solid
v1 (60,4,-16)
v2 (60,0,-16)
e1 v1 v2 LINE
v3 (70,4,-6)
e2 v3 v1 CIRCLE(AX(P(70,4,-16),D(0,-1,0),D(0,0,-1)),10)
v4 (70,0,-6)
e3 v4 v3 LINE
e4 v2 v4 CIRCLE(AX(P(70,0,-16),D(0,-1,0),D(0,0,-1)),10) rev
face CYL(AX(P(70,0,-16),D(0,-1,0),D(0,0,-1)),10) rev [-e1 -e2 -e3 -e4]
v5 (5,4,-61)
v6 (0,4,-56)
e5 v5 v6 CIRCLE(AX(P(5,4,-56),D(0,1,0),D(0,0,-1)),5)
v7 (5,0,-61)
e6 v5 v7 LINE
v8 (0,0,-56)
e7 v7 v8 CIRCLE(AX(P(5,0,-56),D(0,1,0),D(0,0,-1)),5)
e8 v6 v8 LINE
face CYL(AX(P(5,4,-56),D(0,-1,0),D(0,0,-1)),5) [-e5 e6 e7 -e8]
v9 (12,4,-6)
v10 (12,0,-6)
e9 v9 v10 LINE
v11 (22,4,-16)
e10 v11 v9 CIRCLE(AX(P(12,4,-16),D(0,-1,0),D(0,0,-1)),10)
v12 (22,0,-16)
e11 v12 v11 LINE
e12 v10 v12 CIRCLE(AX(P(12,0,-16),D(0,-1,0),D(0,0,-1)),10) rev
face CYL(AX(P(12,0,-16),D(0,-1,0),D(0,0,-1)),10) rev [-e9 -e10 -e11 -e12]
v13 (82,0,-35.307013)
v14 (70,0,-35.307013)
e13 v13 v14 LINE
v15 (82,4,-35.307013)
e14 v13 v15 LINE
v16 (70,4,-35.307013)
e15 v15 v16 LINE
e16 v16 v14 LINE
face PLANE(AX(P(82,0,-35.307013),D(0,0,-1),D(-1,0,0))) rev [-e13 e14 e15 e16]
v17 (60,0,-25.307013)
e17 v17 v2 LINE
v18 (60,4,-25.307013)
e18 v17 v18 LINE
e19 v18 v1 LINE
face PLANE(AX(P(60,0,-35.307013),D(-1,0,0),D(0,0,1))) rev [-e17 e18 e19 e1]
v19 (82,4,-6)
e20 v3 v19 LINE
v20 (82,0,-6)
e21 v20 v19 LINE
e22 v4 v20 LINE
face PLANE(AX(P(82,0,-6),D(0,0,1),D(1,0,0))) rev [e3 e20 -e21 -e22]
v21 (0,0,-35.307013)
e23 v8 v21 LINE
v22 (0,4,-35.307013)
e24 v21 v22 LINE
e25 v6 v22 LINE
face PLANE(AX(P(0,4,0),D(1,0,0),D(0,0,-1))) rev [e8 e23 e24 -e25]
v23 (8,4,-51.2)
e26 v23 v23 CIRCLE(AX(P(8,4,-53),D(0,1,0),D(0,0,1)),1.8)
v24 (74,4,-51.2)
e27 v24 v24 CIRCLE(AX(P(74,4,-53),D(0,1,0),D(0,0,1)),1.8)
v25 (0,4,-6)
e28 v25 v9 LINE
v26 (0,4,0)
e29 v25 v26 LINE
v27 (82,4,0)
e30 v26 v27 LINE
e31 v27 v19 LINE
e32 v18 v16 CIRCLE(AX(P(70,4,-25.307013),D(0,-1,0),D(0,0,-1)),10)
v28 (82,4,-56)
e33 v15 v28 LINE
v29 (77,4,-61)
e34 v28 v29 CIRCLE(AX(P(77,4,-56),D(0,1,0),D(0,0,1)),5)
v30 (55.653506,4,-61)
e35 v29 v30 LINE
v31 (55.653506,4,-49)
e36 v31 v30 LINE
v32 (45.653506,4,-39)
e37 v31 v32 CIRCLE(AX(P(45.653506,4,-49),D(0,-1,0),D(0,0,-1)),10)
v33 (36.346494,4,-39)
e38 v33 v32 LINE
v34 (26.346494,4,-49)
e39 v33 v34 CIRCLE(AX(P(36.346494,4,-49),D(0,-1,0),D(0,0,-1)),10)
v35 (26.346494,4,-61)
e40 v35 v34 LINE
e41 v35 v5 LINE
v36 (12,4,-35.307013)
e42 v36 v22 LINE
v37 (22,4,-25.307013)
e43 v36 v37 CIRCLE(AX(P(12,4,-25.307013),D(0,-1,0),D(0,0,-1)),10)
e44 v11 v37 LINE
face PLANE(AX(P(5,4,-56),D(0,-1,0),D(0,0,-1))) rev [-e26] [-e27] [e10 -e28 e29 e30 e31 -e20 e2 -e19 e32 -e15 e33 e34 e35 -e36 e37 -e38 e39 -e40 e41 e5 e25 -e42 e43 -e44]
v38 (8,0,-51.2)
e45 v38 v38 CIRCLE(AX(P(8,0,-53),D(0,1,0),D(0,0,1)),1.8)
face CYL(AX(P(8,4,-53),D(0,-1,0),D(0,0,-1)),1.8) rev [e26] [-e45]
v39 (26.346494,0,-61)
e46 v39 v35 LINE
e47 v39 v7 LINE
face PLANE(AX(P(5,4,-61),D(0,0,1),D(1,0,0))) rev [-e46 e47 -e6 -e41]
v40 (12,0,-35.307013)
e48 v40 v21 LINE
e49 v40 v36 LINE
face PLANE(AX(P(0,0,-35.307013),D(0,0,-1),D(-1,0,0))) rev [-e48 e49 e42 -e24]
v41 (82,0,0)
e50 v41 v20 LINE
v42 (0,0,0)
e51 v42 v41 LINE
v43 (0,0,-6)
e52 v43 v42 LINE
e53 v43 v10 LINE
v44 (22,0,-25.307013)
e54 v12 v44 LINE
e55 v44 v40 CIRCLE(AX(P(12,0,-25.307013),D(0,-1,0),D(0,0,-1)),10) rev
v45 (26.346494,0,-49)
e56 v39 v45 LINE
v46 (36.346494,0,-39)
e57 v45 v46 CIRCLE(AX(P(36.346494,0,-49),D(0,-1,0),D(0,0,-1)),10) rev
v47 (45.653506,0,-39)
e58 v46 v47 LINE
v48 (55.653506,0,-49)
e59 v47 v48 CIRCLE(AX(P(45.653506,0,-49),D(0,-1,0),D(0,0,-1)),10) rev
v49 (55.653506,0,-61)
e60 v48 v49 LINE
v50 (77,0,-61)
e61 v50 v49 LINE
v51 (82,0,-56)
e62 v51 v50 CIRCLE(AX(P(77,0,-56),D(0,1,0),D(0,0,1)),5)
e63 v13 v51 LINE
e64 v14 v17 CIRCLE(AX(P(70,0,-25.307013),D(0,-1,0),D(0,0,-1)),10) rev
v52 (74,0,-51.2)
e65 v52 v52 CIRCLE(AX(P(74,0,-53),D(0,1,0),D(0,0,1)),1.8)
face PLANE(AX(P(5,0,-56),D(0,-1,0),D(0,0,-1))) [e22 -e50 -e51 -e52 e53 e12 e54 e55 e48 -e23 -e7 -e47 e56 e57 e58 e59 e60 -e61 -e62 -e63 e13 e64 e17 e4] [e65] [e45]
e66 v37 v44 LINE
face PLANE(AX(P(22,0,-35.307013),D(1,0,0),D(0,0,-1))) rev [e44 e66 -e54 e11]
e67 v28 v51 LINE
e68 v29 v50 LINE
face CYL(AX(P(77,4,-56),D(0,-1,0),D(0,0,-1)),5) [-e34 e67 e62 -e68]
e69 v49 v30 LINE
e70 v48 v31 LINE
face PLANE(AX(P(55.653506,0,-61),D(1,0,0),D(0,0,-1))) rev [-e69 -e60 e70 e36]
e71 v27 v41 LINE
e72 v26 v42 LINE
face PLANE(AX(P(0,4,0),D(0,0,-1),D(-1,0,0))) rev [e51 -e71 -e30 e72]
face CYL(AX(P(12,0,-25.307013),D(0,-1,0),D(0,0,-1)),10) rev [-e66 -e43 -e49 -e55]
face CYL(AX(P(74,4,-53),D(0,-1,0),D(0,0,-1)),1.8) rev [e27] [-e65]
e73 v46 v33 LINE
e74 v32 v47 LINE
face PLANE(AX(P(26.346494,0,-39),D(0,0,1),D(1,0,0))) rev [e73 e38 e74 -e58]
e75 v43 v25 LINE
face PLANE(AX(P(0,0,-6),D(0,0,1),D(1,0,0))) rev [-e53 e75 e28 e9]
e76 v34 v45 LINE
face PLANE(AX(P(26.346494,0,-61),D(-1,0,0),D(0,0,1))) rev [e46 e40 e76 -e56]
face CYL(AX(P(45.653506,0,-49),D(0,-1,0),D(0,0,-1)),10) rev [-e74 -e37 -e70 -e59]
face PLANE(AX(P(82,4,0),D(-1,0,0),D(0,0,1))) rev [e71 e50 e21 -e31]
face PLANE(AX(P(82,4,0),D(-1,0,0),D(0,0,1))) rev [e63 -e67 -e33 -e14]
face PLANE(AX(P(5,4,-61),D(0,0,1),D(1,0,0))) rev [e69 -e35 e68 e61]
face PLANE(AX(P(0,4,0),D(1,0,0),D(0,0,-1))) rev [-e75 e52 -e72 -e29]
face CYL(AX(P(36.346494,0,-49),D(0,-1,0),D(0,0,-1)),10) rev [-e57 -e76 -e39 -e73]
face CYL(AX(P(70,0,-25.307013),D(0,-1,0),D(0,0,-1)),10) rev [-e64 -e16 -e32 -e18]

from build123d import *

# Parameters (mm, degrees)
SKETCH1_R           = 1.8
BOSS_EXTRUDE1_DEPTH = 4
SKETCH2_W           = 29.307012988
SKETCH2_H           = 22
SKETCH2_W_2         = 22
SKETCH2_H_2         = 29.307012987
CUT_EXTRUDE1_DEPTH  = 103.279030109
FILLET1_R           = 10


with BuildPart() as part:
    # Sketch1 → Boss-Extrude1 (new body)
    with BuildSketch(Plane(origin=(0, 0, 0), x_dir=(1, 0, 0), z_dir=(0, 1, 0))):
        with BuildLine():
            Line((0, 0), (82, 0))
            Line((82, 0), (82, 56))
            ThreePointArc((82, 56), (80.535533906, 59.535533906), (77, 61))
            Line((77, 61), (5, 61))
            ThreePointArc((5, 61), (1.464466094, 59.535533906), (0, 56))
            Line((0, 56), (0, 0))
        make_face()
        with Locations(Location((8, 53, 0), (0, 0, 270))):
            Circle(SKETCH1_R, mode=Mode.SUBTRACT)
        with Locations(Location((74, 53, 0), (0, 0, 270))):
            Circle(SKETCH1_R, mode=Mode.SUBTRACT)
    extrude(amount=BOSS_EXTRUDE1_DEPTH)

    # Sketch2 → Cut-Extrude1 (cut, through all)
    with BuildSketch(Plane(origin=(0, 4, 0), x_dir=(1, 0, 0), z_dir=(0, 1, 0))):
        with Locations((41, 50)):
            Rectangle(SKETCH2_W, SKETCH2_H)
        with Locations((71, 20.653506494)):
            Rectangle(SKETCH2_W_2, SKETCH2_H_2)
        with Locations((11, 20.653506494)):
            Rectangle(SKETCH2_W_2, SKETCH2_H_2)
    extrude(amount=-CUT_EXTRUDE1_DEPTH, mode=Mode.SUBTRACT)

    # Fillet1
    fillet1_edges = [part.edges().sort_by_distance(p)[0] for p in [
        (26.346493506, 2, -39),
        (55.653506494, 2, -39),
        (60, 2, -6),
        (60, 2, -35.307012987),
        (22, 2, -35.307012987),
        (22, 2, -6),
    ]]
    fillet(fillet1_edges, radius=FILLET1_R)


solid = part.part
